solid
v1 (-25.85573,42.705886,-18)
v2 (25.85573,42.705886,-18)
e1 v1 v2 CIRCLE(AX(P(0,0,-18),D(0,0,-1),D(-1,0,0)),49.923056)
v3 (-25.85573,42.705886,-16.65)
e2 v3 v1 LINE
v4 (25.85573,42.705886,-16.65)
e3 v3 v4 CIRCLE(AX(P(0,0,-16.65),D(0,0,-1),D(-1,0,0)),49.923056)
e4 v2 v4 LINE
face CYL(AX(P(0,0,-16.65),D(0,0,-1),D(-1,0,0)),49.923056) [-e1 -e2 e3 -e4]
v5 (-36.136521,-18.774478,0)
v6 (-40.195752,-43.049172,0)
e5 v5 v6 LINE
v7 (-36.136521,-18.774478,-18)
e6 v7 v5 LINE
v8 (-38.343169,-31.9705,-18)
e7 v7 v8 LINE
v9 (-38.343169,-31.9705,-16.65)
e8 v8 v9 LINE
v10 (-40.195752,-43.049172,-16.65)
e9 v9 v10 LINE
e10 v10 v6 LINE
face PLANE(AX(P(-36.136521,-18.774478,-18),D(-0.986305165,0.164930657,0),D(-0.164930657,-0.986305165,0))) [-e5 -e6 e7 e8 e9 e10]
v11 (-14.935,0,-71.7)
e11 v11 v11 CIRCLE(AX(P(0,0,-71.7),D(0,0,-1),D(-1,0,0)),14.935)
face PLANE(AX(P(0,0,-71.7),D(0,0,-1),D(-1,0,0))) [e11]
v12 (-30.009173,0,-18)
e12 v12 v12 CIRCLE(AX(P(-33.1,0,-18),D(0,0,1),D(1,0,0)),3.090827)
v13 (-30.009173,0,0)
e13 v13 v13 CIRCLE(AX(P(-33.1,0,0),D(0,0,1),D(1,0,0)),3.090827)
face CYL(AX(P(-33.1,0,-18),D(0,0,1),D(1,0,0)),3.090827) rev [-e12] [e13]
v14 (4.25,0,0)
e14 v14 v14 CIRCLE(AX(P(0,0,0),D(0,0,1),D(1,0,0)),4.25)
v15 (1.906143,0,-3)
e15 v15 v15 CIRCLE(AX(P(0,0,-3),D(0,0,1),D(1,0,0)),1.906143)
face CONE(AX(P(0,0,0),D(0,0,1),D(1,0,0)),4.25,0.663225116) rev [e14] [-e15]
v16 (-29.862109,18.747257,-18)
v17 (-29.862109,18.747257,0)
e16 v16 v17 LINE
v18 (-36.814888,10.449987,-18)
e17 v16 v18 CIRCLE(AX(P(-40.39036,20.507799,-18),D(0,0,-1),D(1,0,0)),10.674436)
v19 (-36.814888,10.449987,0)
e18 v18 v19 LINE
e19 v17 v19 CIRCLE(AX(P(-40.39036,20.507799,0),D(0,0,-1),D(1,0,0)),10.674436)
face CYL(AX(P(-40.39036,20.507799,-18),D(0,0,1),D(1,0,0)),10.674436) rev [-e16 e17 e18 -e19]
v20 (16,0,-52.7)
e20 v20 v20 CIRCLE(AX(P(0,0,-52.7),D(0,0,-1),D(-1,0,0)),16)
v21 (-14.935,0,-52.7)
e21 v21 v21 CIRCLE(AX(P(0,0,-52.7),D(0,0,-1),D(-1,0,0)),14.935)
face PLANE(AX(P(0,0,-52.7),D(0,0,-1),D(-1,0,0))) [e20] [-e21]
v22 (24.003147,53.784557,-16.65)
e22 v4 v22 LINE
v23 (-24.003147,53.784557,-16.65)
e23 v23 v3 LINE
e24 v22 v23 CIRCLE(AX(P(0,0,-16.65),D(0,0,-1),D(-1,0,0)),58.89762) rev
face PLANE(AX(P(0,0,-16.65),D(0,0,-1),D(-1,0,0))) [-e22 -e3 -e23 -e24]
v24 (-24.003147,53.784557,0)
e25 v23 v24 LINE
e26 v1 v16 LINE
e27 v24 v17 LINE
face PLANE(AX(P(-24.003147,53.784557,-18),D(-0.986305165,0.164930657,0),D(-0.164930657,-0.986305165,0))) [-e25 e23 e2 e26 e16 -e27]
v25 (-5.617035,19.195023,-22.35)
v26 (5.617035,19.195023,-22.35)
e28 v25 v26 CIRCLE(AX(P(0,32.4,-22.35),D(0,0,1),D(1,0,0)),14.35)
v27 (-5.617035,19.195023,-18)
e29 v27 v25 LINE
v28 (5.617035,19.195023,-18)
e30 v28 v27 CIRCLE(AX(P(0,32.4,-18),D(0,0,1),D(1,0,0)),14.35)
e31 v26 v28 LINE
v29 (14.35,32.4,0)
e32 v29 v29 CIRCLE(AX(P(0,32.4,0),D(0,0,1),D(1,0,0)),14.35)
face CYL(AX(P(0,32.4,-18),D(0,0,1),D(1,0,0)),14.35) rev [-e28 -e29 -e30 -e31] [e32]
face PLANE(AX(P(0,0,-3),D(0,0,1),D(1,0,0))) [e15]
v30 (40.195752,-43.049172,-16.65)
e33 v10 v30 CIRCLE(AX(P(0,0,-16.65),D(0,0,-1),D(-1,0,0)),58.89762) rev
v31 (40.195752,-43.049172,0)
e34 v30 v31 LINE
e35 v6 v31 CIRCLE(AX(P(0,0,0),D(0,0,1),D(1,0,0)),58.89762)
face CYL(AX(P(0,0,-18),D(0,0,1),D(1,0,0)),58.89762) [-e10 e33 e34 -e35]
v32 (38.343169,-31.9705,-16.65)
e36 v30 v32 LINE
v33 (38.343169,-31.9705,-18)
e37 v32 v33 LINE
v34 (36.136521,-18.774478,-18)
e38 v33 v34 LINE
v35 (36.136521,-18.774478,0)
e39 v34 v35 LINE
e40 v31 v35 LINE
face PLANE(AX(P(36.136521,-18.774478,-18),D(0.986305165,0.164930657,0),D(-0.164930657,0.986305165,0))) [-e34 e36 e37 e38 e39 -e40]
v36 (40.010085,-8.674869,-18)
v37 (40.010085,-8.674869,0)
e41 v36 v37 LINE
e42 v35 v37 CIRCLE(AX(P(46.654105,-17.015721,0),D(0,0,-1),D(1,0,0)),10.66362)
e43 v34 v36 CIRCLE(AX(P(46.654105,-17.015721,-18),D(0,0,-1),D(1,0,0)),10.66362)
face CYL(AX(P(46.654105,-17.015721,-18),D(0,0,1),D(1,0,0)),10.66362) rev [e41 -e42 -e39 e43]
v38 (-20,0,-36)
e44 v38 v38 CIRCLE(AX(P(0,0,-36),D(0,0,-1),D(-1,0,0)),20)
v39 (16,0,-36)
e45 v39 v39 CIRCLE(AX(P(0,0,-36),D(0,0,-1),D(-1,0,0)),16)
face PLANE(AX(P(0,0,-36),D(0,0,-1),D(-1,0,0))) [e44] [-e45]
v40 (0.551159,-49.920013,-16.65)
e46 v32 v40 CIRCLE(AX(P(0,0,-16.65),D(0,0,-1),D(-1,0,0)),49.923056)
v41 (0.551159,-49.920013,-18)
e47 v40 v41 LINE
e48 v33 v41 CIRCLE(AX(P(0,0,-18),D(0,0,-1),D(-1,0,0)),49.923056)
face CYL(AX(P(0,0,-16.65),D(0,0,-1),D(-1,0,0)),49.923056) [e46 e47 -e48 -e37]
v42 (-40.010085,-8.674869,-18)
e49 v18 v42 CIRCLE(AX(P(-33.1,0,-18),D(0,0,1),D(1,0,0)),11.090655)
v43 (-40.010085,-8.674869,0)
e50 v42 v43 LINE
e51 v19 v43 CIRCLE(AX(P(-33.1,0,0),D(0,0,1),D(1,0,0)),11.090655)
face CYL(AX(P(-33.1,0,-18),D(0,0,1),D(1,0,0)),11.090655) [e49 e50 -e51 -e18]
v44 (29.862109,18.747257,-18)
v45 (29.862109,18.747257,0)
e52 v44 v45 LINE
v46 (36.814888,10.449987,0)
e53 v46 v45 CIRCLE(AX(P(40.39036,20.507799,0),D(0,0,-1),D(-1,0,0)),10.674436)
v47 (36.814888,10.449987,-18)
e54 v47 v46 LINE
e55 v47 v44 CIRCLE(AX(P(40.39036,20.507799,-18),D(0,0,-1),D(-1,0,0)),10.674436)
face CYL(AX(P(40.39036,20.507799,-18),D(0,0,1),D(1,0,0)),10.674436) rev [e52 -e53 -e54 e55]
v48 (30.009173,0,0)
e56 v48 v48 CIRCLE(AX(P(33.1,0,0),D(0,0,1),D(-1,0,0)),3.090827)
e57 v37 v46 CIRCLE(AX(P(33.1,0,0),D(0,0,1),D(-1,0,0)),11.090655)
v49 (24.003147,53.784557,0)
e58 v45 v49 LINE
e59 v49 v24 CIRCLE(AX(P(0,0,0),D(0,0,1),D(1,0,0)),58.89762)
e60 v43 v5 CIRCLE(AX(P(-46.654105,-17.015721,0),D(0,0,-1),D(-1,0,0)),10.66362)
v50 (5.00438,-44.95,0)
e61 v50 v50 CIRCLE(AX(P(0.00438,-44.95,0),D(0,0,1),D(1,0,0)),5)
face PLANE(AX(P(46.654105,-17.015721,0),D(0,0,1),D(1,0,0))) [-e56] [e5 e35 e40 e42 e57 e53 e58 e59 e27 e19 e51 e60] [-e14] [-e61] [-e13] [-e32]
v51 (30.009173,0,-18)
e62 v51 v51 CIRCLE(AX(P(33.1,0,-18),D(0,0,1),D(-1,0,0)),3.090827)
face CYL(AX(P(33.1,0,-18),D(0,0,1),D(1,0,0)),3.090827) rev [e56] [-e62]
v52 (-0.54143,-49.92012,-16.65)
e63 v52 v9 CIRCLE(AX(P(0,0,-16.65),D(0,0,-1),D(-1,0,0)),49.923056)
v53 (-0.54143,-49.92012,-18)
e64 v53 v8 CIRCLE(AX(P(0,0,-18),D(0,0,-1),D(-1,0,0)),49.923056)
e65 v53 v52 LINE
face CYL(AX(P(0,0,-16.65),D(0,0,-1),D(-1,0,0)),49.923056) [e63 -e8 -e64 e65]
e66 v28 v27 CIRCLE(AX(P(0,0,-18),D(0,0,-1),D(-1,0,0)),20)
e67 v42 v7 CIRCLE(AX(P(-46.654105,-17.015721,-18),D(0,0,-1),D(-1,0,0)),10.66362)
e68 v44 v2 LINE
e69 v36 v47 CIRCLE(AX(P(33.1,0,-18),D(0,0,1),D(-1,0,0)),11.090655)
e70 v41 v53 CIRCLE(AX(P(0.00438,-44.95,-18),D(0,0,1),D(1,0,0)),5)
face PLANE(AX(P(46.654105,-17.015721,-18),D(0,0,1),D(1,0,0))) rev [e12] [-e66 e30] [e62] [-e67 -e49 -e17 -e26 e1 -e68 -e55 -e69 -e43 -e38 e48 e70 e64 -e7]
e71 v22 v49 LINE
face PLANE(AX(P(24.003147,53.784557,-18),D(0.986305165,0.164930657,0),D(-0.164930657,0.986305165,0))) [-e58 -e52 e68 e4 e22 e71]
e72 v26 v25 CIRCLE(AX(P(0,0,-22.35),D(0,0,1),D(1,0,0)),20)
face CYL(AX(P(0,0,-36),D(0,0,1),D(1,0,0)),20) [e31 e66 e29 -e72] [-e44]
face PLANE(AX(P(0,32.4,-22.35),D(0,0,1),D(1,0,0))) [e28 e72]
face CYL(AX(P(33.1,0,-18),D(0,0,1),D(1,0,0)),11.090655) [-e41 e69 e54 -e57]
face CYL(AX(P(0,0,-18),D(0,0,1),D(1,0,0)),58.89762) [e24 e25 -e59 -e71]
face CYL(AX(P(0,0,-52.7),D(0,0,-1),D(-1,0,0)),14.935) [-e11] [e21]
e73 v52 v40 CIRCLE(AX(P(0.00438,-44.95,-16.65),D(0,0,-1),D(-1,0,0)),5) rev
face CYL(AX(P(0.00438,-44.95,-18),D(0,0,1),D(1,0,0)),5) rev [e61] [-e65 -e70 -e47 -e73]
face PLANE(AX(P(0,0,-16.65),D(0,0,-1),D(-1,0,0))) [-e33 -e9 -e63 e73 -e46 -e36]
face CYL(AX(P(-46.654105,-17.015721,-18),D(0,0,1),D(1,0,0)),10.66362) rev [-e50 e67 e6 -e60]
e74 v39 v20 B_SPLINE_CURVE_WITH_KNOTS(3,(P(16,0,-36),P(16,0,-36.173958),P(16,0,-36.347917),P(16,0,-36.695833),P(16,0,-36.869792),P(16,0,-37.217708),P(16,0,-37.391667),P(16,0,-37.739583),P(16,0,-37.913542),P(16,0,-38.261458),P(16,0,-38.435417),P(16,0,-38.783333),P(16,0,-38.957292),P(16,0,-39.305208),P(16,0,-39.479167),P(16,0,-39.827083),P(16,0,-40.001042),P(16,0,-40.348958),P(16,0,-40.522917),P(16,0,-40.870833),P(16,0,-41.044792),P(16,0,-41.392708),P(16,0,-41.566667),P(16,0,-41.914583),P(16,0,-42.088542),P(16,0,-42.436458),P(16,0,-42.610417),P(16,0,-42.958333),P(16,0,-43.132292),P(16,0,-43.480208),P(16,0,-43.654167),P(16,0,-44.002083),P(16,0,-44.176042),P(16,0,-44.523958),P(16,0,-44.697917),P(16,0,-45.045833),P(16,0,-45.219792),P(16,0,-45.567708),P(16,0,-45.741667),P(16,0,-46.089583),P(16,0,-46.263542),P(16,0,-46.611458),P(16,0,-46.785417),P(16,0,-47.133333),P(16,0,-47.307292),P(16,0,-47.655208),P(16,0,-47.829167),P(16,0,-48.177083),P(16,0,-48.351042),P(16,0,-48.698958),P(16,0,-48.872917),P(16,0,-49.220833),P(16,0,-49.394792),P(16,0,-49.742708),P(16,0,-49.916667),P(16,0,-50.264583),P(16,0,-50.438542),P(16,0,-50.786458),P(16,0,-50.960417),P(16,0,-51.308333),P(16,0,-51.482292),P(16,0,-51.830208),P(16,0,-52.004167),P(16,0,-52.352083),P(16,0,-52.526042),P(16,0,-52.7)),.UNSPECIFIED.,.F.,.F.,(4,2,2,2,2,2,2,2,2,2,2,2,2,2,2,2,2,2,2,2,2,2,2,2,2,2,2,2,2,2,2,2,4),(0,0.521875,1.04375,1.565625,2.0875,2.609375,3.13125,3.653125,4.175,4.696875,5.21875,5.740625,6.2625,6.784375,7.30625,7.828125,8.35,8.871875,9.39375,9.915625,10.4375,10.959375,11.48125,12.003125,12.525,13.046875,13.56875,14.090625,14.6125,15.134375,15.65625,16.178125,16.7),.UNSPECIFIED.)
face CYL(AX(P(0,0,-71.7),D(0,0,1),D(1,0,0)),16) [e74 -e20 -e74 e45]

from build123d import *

# Parameters (mm, degrees)
SKETCH1_R           = 3.090826528
SKETCH1_R_2         = 14.35
SKETCH1_R_3         = 5
BOSS_EXTRUDE1_DEPTH = 18
SKETCH2_R           = 20
BOSS_EXTRUDE2_DEPTH = 18
SKETCH3_R           = 16
BOSS_EXTRUDE3_DEPTH = 35.7
SKETCH5_OUTSIDE_W   = 123.14
SKETCH5_OUTSIDE_H   = 152.554
SKETCH5_OUTSIDE_R   = 14.935
CUT_EXTRUDE1_DEPTH  = 19
SKETCH6_R           = 14.35
CUT_EXTRUDE2_DEPTH  = 22.35
SKETCH7_R           = 4.25
CUT_EXTRUDE3_DEPTH  = 3
CUT_EXTRUDE3_DRAFT  = -38
SKETCH9_OUTSIDE_W   = 123.14
SKETCH9_OUTSIDE_H   = 152.554
SKETCH9_OUTSIDE_R   = 49.923055682
CUT_EXTRUDE4_DEPTH  = 1.35


with BuildPart() as part:
    # Sketch1 → Boss-Extrude1 (new body)
    with BuildSketch(Plane.XY):
        with BuildLine():
            Line((36.136520686, -18.774478422), (40.195752281, -43.049171521))
            ThreePointArc((40.195752281, -43.049171521), (0, -58.897620241), (-40.195752281, -43.049171521))
            Line((-40.195752281, -43.049171521), (-36.136520686, -18.774478422))
            ThreePointArc((-36.136520686, -18.774478422), (-36.697665198, -13.197066935), (-40.010085223, -8.674868838))
            ThreePointArc((-40.010085223, -8.674868838), (-44.039037615, 1.827589449), (-36.814887741, 10.449987378))
            ThreePointArc((-36.814887741, 10.449987378), (-32.208677837, 13.651878045), (-29.862109135, 18.747257211))
            Line((-29.862109135, 18.747257211), (-24.003146652, 53.784557457))
            ThreePointArc((-24.003146652, 53.784557457), (0, 58.897620241), (24.003146652, 53.784557457))
            Line((24.003146652, 53.784557457), (29.862109135, 18.747257211))
            ThreePointArc((29.862109135, 18.747257211), (32.208677837, 13.651878045), (36.814887741, 10.449987378))
            ThreePointArc((36.814887741, 10.449987378), (44.039037615, 1.827589449), (40.010085223, -8.674868838))
            ThreePointArc((40.010085223, -8.674868838), (36.697665198, -13.197066935), (36.136520686, -18.774478422))
        make_face()
        with Locations((-33.1, 0)):
            Circle(SKETCH1_R, mode=Mode.SUBTRACT)
        with Locations(Location((33.1, 0, 0), (0, 0, 180))):
            Circle(SKETCH1_R, mode=Mode.SUBTRACT)
        with Locations((0, 32.4)):
            Circle(SKETCH1_R_2, mode=Mode.SUBTRACT)
        with Locations((0.004379967, -44.949999787)):
            Circle(SKETCH1_R_3, mode=Mode.SUBTRACT)
    extrude(amount=-BOSS_EXTRUDE1_DEPTH)

    # Sketch2 → Boss-Extrude2 (add)
    with BuildSketch(Plane(origin=(0, 0, -18), x_dir=(-1, 0, 0), z_dir=(0, 0, -1))):
        with Locations(Location((0, 0, 0), (0, 0, 106.311047481))):
            Circle(SKETCH2_R)
    extrude(amount=BOSS_EXTRUDE2_DEPTH)

    # Sketch3 → Boss-Extrude3 (add)
    with BuildSketch(Plane(origin=(0, 0, -36), x_dir=(-1, 0, 0), z_dir=(0, 0, -1))):
        with Locations(Location((0, 0, 0), (0, 0, 180))):
            Circle(SKETCH3_R)
    extrude(amount=BOSS_EXTRUDE3_DEPTH)

    # Sketch5 outside → Cut-Extrude1 (cut)
    with BuildSketch(Plane(origin=(0, 0, -71.7), x_dir=(-1, 0, 0), z_dir=(0, 0, -1))):
        Rectangle(SKETCH5_OUTSIDE_W, SKETCH5_OUTSIDE_H)
        Circle(SKETCH5_OUTSIDE_R, mode=Mode.SUBTRACT)
    extrude(amount=-CUT_EXTRUDE1_DEPTH, mode=Mode.SUBTRACT)

    # Sketch6 → Cut-Extrude2 (cut)
    with BuildSketch(Plane.XY):
        with Locations((0, 32.4)):
            Circle(SKETCH6_R)
    extrude(amount=-CUT_EXTRUDE2_DEPTH, mode=Mode.SUBTRACT)


with BuildPart() as cut_extrude3_tool:
    # Sketch7 → Cut-Extrude3 (with draft: the straight prism first)
    with BuildSketch(Plane.XY):
        Circle(SKETCH7_R)
    extrude(amount=-CUT_EXTRUDE3_DEPTH)
    # Cut-Extrude3: the draft: its side faces are tilted about the plane it starts from
    cut_extrude3_sides = [cut_extrude3_tool.faces().sort_by_distance(p)[0] for p in [
        (-4.25, 0, -1.5),
    ]]
    draft(cut_extrude3_sides, Plane.XY, CUT_EXTRUDE3_DRAFT)


with BuildPart() as part_1:
    add(part.part)

    # Cut-Extrude3: cut by cut_extrude3_tool
    add(cut_extrude3_tool.part, mode=Mode.SUBTRACT)

    # Sketch9 outside → Cut-Extrude4 (cut)
    with BuildSketch(Plane(origin=(0, 0, -18), x_dir=(-1, 0, 0), z_dir=(0, 0, -1))):
        Rectangle(SKETCH9_OUTSIDE_W, SKETCH9_OUTSIDE_H)
        Circle(SKETCH9_OUTSIDE_R, mode=Mode.SUBTRACT)
    extrude(amount=-CUT_EXTRUDE4_DEPTH, mode=Mode.SUBTRACT)


solid = part_1.part
